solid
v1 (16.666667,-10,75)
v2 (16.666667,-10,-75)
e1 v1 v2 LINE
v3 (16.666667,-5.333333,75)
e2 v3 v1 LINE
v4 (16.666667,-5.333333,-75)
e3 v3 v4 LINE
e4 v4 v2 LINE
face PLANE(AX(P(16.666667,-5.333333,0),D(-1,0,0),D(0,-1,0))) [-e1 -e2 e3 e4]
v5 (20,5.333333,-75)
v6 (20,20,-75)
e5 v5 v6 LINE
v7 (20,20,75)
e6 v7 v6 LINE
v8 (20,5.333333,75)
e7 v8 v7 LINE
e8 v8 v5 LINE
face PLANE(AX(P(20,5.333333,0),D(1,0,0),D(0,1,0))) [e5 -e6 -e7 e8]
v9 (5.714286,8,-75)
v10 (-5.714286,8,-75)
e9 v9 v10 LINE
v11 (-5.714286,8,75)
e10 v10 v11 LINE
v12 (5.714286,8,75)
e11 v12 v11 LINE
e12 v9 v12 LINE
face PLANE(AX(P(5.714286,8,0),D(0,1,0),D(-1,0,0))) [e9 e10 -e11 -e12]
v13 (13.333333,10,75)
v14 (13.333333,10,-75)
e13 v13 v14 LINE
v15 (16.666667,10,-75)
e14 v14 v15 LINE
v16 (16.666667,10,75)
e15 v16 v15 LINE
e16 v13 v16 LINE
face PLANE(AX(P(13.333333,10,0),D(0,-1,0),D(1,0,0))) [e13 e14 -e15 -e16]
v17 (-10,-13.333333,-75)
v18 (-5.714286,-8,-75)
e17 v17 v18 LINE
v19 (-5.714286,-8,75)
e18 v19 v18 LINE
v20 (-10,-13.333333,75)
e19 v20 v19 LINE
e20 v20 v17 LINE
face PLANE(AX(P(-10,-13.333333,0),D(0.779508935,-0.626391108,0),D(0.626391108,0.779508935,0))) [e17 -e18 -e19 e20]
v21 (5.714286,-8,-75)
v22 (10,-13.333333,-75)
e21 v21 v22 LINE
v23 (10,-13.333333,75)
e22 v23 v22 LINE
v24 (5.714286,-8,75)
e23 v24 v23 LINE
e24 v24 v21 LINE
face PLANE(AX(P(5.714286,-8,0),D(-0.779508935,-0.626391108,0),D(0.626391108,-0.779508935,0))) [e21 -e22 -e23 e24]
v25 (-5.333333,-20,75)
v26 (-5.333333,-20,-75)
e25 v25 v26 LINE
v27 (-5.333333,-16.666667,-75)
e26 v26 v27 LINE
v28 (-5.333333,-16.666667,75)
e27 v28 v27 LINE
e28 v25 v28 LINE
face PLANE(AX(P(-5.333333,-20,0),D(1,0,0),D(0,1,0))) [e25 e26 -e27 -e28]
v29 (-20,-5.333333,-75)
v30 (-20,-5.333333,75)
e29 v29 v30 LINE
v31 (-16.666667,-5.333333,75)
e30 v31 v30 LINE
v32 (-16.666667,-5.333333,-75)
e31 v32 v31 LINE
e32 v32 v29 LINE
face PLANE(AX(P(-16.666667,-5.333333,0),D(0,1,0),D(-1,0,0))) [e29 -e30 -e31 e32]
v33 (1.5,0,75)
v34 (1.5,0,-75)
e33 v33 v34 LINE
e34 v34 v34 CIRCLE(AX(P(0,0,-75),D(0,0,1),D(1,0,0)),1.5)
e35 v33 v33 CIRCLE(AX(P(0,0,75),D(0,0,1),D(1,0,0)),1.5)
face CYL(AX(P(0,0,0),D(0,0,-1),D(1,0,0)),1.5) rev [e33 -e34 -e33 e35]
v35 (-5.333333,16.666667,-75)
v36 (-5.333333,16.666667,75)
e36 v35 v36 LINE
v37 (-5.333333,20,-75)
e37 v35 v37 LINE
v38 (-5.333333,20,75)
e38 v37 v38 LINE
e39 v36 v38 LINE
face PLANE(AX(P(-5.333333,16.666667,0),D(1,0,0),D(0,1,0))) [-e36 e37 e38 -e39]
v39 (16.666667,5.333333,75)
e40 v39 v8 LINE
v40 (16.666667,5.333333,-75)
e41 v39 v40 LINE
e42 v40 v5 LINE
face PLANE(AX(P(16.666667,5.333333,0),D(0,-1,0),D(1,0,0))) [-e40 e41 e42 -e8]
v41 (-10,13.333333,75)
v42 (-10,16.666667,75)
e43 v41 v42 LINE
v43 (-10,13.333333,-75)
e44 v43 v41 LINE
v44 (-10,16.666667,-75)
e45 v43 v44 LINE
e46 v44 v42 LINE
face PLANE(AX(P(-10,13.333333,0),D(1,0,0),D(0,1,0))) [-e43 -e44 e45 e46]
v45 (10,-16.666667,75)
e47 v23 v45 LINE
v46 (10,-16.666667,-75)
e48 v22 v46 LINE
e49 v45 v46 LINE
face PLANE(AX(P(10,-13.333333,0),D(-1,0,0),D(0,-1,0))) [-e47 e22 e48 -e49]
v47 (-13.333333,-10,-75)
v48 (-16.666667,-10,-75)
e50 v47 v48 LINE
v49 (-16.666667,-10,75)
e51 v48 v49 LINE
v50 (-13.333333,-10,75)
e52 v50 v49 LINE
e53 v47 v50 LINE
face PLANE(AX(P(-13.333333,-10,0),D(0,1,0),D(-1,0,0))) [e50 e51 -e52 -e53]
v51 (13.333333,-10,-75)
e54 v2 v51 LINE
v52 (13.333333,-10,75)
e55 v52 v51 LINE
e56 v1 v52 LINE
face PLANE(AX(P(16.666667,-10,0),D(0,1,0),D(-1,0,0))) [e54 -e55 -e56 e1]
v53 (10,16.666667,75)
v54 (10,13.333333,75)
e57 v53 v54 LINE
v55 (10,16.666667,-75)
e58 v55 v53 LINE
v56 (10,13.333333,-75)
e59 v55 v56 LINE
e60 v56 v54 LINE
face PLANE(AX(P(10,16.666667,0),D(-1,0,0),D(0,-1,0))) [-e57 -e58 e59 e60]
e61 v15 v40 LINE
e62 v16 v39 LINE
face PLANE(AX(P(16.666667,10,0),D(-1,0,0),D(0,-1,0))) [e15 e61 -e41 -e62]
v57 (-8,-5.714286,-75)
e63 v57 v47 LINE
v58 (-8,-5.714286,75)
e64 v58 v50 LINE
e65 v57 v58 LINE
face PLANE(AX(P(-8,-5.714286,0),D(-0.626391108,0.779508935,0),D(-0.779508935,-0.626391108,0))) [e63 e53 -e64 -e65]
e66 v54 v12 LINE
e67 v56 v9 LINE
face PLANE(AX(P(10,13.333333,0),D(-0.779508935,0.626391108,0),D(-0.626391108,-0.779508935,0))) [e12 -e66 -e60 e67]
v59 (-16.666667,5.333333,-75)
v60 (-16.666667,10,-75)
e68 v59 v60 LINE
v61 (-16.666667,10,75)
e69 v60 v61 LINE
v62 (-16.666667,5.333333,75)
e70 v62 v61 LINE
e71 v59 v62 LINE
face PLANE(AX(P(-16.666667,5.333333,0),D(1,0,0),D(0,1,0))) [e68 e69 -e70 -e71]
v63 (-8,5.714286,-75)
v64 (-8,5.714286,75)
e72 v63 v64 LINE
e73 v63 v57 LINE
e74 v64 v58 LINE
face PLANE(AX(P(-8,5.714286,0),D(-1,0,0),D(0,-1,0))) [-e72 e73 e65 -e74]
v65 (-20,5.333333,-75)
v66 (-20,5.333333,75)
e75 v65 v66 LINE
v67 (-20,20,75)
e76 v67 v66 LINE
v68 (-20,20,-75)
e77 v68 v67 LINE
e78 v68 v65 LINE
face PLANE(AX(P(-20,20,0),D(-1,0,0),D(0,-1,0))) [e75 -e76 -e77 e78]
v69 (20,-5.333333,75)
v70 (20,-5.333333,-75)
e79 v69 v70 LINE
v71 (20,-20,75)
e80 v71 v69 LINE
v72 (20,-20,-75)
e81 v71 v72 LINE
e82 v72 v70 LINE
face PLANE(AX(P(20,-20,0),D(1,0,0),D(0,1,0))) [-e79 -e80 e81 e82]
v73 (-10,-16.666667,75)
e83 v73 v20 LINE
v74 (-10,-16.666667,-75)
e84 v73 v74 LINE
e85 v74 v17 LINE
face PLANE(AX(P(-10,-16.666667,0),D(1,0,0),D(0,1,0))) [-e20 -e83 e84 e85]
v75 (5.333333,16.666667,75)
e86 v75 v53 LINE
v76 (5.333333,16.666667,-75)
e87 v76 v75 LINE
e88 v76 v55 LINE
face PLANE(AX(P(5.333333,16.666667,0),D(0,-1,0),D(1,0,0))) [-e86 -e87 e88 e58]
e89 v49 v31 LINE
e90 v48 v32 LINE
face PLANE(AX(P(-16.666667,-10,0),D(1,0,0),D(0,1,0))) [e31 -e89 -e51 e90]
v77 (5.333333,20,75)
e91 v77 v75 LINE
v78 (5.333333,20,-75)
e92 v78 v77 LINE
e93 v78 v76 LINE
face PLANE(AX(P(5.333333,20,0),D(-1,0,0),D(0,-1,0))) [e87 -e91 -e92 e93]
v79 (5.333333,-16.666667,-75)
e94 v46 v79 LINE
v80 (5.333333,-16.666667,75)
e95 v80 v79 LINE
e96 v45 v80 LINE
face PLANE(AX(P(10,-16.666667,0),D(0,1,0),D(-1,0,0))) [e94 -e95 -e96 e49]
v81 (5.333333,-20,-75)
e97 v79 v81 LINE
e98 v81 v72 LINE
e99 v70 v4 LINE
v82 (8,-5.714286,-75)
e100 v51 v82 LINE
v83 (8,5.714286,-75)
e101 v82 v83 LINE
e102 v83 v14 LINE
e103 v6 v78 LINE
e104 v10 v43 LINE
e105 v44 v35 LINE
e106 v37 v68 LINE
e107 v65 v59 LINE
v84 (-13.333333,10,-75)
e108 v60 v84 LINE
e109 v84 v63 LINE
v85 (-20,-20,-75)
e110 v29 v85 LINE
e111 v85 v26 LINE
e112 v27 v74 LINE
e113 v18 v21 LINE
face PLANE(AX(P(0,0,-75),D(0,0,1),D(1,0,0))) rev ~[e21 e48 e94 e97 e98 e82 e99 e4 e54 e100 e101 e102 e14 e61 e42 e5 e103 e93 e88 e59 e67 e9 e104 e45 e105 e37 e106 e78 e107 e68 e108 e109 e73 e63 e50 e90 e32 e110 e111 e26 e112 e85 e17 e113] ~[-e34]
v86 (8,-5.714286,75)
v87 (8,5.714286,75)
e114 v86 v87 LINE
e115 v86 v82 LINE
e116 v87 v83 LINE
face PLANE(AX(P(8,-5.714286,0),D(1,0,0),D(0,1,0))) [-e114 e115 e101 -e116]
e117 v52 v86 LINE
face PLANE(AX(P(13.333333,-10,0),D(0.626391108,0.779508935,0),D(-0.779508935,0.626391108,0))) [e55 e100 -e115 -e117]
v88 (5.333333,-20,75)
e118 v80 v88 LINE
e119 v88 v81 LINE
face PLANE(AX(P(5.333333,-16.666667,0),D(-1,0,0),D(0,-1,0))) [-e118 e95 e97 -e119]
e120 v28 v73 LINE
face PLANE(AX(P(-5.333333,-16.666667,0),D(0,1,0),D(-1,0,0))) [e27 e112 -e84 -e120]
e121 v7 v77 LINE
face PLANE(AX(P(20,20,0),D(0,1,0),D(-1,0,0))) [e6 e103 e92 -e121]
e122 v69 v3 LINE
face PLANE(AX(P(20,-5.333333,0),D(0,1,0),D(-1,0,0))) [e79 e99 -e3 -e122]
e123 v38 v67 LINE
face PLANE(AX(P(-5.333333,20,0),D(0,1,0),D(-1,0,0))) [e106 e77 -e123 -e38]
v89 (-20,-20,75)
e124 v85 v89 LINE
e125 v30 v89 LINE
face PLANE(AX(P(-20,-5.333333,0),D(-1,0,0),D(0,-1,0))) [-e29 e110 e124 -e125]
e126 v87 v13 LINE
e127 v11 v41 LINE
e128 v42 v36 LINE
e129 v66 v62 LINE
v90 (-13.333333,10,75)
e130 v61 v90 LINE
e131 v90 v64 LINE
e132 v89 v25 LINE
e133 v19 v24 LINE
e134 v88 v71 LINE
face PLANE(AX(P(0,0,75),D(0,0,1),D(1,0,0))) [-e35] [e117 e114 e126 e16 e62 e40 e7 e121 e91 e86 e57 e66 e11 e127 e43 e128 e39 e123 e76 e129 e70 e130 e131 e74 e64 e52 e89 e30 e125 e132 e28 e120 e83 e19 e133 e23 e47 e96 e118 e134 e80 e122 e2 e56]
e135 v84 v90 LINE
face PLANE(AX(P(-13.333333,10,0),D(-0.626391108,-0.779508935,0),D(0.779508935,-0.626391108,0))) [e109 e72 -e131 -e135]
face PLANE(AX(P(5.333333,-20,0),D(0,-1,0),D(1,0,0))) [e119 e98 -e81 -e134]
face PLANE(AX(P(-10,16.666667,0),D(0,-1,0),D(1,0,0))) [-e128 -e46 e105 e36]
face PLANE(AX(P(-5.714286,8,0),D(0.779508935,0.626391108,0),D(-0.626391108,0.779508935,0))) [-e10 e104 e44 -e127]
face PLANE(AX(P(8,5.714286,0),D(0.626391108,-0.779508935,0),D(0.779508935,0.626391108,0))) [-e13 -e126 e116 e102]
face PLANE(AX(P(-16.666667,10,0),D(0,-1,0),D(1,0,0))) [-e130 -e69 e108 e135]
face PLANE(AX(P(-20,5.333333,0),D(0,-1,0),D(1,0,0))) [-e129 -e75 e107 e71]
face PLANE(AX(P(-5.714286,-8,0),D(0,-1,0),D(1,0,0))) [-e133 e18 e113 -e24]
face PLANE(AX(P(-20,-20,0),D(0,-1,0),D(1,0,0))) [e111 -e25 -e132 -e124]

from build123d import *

# Parameters (mm, degrees)
SKETCH1_R           = 1.5
BOSS_EXTRUDE1_DEPTH = 75


with BuildPart() as part:
    # Sketch1 → Boss-Extrude1 (new, symmetric)
    with BuildSketch(Plane.XY):
        Polygon((20, 20), (5.333333333, 20), (5.333333333, 16.666666667), (10, 16.666666667), (10, 13.333333333), (5.714285714, 8), (-5.714285714, 8), (-10, 13.333333333), (-10, 16.666666667), (-5.333333333, 16.666666667), (-5.333333333, 20), (-20, 20), (-20, 5.333333333), (-16.666666667, 5.333333333), (-16.666666667, 10), (-13.333333333, 10), (-8, 5.714285714), (-8, -5.714285714), (-13.333333333, -10), (-16.666666667, -10), (-16.666666667, -5.333333333), (-20, -5.333333333), (-20, -20), (-5.333333333, -20), (-5.333333333, -16.666666667), (-10, -16.666666667), (-10, -13.333333333), (-5.714285714, -8), (5.714285714, -8), (10, -13.333333333), (10, -16.666666667), (5.333333333, -16.666666667), (5.333333333, -20), (20, -20), (20, -5.333333333), (16.666666667, -5.333333333), (16.666666667, -10), (13.333333333, -10), (8, -5.714285714), (8, 5.714285714), (13.333333333, 10), (16.666666667, 10), (16.666666667, 5.333333333), (20, 5.333333333), align=None)
        Circle(SKETCH1_R, mode=Mode.SUBTRACT)
    extrude(amount=BOSS_EXTRUDE1_DEPTH, both=True)


solid = part.part
